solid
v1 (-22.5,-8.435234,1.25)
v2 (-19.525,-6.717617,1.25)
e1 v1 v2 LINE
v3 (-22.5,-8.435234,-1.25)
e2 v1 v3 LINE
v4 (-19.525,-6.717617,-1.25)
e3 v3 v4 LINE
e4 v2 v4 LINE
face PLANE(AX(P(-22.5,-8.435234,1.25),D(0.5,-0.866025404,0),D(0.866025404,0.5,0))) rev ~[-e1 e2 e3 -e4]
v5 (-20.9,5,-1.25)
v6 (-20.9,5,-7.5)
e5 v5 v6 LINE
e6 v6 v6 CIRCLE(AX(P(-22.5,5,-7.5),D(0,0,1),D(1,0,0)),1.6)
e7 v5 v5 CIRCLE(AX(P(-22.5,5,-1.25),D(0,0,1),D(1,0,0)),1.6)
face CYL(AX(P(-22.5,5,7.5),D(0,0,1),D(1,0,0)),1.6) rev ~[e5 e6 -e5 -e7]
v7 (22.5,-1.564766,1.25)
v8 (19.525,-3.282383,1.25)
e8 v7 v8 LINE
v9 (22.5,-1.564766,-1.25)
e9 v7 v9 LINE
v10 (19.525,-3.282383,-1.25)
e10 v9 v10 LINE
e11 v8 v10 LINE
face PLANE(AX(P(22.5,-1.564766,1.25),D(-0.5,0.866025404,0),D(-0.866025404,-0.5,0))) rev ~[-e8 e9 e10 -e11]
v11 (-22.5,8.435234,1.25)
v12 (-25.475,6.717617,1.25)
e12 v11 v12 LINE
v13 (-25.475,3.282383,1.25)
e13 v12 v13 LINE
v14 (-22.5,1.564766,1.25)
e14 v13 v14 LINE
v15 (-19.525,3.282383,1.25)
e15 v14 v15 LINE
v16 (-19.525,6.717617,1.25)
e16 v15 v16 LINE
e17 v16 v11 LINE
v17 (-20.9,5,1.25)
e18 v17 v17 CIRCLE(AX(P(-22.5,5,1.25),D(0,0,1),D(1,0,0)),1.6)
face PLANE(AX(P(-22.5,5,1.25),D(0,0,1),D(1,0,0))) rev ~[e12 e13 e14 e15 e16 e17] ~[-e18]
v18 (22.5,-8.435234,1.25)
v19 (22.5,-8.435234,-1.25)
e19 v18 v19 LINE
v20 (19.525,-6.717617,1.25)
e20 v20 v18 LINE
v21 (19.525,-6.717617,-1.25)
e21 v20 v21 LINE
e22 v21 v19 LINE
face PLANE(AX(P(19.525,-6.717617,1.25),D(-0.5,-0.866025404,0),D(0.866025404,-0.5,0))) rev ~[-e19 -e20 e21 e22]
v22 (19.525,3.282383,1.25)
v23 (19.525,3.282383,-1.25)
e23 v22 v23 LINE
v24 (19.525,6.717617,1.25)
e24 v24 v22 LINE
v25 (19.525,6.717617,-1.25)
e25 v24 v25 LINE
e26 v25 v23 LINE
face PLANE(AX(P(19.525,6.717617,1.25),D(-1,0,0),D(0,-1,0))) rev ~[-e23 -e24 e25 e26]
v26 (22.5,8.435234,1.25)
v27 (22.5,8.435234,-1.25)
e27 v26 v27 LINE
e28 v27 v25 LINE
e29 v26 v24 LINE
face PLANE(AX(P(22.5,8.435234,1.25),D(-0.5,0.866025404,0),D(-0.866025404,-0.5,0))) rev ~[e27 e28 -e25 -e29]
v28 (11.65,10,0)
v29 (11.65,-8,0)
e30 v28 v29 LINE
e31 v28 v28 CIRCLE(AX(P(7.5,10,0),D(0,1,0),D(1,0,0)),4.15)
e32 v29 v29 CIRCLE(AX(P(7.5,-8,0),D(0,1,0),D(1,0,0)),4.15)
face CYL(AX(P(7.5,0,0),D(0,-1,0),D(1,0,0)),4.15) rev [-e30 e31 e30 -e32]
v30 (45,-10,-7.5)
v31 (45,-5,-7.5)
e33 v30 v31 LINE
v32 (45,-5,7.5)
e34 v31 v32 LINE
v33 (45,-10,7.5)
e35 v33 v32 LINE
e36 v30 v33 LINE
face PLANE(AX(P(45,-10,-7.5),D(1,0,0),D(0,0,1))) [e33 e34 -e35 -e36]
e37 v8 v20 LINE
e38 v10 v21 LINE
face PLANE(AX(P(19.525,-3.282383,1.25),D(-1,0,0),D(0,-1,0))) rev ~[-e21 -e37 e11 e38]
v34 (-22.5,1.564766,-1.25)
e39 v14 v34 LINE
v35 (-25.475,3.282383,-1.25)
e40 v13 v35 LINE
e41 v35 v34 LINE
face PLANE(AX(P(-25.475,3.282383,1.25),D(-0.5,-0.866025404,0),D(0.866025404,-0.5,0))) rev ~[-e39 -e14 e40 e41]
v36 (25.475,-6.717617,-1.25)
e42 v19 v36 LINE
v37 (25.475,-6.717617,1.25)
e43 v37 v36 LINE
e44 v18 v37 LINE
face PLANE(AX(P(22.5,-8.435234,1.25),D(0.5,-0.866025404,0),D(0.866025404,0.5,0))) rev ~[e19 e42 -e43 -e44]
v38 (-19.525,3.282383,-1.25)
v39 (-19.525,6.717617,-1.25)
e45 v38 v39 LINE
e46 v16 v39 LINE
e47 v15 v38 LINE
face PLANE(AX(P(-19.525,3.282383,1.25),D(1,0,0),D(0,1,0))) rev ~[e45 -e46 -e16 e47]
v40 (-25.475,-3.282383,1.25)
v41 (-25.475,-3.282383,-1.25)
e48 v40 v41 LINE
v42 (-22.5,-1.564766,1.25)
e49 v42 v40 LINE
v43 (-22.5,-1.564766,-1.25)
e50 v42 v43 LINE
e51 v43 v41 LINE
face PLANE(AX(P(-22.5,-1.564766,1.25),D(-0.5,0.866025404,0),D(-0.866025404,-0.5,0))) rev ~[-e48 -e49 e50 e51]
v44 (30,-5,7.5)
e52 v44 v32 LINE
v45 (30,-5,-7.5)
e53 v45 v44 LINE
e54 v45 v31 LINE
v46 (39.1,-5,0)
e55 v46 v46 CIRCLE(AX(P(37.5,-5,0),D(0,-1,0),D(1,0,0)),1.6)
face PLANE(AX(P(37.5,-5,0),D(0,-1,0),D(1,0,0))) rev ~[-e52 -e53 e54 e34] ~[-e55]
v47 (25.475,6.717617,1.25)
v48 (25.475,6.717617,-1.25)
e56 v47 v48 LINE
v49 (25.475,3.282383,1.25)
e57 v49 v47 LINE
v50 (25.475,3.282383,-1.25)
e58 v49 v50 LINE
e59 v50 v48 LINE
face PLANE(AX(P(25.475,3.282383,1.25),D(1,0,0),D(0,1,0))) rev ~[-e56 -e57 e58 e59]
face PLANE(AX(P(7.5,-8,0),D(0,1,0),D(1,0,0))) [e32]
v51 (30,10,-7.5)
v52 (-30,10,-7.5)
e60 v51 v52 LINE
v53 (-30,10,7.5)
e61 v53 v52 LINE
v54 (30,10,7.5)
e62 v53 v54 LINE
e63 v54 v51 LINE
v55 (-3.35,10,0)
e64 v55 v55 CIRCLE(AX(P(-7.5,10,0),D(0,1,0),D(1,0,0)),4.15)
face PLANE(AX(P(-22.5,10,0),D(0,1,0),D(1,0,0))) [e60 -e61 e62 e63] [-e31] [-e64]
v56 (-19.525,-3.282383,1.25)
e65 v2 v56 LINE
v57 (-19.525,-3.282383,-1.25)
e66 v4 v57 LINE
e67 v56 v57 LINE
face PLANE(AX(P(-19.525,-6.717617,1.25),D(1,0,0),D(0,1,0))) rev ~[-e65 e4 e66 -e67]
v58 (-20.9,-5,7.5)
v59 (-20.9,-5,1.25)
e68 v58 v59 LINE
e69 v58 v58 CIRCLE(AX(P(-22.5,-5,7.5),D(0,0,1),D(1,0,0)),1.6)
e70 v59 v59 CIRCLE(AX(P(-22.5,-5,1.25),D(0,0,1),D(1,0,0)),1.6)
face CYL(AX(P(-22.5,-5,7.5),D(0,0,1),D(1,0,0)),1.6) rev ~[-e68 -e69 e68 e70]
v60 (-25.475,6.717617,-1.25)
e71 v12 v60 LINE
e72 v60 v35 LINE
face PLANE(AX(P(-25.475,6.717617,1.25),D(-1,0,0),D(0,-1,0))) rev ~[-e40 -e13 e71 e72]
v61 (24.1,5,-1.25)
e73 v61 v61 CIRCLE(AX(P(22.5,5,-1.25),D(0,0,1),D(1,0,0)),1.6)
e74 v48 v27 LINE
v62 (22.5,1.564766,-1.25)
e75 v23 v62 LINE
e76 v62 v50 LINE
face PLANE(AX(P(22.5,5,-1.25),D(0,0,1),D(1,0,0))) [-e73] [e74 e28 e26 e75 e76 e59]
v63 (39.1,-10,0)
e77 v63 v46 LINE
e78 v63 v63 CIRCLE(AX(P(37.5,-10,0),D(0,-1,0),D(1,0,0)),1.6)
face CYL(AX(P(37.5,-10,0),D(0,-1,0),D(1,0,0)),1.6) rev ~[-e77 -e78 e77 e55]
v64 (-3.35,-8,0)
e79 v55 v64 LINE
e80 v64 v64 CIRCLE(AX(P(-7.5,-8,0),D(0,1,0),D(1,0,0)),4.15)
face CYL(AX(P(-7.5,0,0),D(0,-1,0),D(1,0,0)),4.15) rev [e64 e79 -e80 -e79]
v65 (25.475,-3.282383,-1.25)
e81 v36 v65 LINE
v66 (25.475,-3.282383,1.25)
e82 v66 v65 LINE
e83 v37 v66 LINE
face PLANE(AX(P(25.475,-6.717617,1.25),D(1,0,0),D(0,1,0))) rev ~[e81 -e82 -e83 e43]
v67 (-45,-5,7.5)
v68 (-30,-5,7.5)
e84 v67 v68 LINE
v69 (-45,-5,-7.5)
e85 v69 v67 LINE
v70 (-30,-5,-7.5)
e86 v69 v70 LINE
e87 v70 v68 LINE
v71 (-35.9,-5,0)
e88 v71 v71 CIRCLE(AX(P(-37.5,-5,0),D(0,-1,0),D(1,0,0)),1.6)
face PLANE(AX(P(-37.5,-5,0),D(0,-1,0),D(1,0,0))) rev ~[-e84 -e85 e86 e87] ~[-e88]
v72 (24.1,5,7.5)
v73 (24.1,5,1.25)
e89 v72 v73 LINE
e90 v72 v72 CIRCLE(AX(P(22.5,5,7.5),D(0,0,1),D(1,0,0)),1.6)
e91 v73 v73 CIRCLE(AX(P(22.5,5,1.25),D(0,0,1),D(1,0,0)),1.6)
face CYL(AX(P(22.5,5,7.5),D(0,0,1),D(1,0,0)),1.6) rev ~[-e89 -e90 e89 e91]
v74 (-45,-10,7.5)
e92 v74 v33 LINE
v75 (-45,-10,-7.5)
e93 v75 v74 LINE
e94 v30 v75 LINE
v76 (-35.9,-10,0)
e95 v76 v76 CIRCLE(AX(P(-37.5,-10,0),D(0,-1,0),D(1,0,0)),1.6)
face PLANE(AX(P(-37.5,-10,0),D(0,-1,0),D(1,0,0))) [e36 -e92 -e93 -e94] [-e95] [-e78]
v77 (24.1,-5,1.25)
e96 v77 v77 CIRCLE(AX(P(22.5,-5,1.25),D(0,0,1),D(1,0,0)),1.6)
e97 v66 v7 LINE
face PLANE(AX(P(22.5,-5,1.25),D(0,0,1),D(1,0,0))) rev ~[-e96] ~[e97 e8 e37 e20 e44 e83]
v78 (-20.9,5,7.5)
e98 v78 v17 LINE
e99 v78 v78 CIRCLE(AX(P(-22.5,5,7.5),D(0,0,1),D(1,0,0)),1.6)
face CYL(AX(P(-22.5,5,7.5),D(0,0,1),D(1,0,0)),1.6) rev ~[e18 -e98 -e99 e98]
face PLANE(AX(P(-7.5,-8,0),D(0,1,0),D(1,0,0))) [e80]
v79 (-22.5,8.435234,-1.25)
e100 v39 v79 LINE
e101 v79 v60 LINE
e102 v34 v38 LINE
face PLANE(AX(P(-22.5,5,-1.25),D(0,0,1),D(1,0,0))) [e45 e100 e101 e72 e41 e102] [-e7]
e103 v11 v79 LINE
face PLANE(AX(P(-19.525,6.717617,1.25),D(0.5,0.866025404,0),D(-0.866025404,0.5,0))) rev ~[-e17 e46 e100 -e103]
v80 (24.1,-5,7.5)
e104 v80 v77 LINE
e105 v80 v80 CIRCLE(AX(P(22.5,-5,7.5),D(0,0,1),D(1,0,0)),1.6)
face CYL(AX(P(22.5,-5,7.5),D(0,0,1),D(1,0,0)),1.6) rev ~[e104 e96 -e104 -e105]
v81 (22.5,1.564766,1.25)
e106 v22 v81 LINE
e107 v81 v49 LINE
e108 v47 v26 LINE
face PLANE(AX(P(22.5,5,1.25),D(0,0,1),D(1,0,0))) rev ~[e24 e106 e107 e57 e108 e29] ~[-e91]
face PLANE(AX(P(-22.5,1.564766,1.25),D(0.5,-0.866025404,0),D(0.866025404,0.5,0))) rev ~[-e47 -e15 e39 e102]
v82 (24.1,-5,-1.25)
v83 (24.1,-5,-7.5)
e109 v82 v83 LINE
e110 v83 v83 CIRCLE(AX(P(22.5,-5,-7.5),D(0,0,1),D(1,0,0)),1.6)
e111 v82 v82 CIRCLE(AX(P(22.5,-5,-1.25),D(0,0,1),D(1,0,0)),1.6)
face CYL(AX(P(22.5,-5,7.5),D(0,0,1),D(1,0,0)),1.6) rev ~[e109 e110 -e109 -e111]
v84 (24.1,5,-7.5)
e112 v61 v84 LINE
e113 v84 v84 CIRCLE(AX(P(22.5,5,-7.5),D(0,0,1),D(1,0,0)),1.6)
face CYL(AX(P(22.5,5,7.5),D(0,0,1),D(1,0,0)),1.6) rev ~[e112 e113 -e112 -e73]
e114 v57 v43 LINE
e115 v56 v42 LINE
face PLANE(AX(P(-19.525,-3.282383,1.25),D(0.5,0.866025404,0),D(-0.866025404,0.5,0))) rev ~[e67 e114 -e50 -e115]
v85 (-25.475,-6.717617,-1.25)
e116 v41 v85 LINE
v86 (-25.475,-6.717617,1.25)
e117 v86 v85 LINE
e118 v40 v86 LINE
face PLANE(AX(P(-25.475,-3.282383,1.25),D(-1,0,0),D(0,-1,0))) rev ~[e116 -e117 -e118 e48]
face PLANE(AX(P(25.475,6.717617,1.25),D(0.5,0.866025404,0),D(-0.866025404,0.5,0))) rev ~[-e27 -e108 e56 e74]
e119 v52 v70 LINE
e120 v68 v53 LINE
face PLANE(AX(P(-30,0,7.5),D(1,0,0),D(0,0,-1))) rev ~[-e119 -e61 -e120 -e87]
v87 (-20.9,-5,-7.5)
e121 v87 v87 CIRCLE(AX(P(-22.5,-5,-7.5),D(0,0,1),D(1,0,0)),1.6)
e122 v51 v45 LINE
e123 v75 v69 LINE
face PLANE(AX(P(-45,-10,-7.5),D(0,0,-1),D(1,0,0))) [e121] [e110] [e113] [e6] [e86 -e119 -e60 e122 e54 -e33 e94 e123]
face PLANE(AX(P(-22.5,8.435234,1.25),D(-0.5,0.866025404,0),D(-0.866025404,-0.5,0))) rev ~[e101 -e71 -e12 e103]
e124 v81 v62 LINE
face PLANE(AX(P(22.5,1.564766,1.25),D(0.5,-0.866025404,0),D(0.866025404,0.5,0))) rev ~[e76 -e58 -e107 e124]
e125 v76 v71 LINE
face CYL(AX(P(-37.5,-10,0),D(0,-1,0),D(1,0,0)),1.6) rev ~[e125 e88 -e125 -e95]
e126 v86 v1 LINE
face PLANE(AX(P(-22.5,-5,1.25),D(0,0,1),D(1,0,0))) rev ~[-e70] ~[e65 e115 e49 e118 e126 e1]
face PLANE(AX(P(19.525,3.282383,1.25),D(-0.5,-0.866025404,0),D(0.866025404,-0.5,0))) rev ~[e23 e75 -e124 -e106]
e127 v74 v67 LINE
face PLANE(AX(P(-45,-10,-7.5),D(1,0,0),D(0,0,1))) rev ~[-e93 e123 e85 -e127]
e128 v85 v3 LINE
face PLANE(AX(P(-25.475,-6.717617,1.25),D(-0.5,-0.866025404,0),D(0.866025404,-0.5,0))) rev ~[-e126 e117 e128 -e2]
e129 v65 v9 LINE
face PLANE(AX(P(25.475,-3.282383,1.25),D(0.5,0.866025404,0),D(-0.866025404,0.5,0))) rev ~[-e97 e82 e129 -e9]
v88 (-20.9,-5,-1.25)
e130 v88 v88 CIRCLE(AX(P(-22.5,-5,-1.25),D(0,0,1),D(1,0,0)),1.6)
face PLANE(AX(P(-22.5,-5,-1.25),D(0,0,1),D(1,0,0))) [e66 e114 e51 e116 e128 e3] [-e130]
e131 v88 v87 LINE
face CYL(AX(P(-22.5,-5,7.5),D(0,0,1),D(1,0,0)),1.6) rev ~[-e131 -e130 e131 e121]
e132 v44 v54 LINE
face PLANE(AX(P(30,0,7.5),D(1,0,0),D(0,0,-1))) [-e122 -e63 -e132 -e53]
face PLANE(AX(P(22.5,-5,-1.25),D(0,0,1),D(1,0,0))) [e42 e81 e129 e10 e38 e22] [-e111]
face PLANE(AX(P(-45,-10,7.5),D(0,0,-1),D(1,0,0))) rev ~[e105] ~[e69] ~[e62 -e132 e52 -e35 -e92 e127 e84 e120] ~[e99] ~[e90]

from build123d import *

# Parameters (mm, degrees)
SKETCH2_W           = 60
SKETCH2_H           = 15
SKETCH2_R           = 4.15
BOSS_EXTRUDE1_DEPTH = 10
SKETCH2_3_W         = 60
SKETCH2_3_H         = 15
BOSS_EXTRUDE2_DEPTH = 10
SKETCH4_R           = 1.6
CUT_EXTRUDE1_DEPTH  = 36
CUT_EXTRUDE2_START  = -6.25
SKETCH4_3_R         = 1.6
CUT_EXTRUDE2_DEPTH  = 2.5
SKETCH5_W           = 15
SKETCH5_H           = 15
BOSS_EXTRUDE3_DEPTH = 5
CUT_EXTRUDE3_REACH  = 51.812
SKETCH6_R           = 1.6
CUT_EXTRUDE4_START  = -8
SKETCH7_R           = 4.15
CUT_EXTRUDE4_DEPTH  = 8


with BuildPart() as part:
    # Sketch2 → Boss-Extrude1 (new body)
    with BuildSketch(Plane(origin=(0, 0, 0), x_dir=(1, 0, 0), z_dir=(0, 1, 0))):
        Rectangle(SKETCH2_W, SKETCH2_H)
        with Locations((-7.5, 0)):
            Circle(SKETCH2_R, mode=Mode.SUBTRACT)
        with Locations((7.5, 0)):
            Circle(SKETCH2_R, mode=Mode.SUBTRACT)
    extrude(amount=BOSS_EXTRUDE1_DEPTH)

    # Sketch2<3> → Boss-Extrude2 (add)
    with BuildSketch(Plane(origin=(0, 0, 0), x_dir=(1, 0, 0), z_dir=(0, 1, 0))):
        Rectangle(SKETCH2_3_W, SKETCH2_3_H)
    extrude(amount=-BOSS_EXTRUDE2_DEPTH)

    # Sketch4 → Cut-Extrude1 (cut, through all)
    with BuildSketch(Plane.XY.offset(7.5)):
        with Locations((22.5, 5)):
            Circle(SKETCH4_R)
        with Locations((22.5, -5)):
            Circle(SKETCH4_R)
        with Locations((-22.5, -5)):
            Circle(SKETCH4_R)
        with Locations((-22.5, 5)):
            Circle(SKETCH4_R)
    extrude(amount=-CUT_EXTRUDE1_DEPTH, mode=Mode.SUBTRACT)

    # Sketch4<3> → Cut-Extrude2 (cut)
    # profile 1 of 4: a face of its own
    with BuildSketch(Plane.XY.offset(7.5).offset(CUT_EXTRUDE2_START)):
        Polygon((-22.5, 8.435234102), (-25.475, 6.717617051), (-25.475, 3.282382949), (-22.5, 1.564765898), (-19.525, 3.282382949), (-19.525, 6.717617051), align=None)
        with Locations((-22.5, 5)):
            Circle(SKETCH4_3_R, mode=Mode.SUBTRACT)
    # profile 2 of 4: a face of its own
    with BuildSketch(Plane.XY.offset(7.5).offset(CUT_EXTRUDE2_START)):
        Polygon((22.5, 8.435234102), (19.525, 6.717617051), (19.525, 3.282382949), (22.5, 1.564765898), (25.475, 3.282382949), (25.475, 6.717617051), align=None)
        with Locations((22.5, 5)):
            Circle(SKETCH4_3_R, mode=Mode.SUBTRACT)
    # profile 3 of 4: a face of its own
    with BuildSketch(Plane.XY.offset(7.5).offset(CUT_EXTRUDE2_START)):
        Polygon((-22.5, -8.435234102), (-19.525, -6.717617051), (-19.525, -3.282382949), (-22.5, -1.564765898), (-25.475, -3.282382949), (-25.475, -6.717617051), align=None)
        with Locations((-22.5, -5)):
            Circle(SKETCH4_3_R, mode=Mode.SUBTRACT)
    # profile 4 of 4: a face of its own
    with BuildSketch(Plane.XY.offset(7.5).offset(CUT_EXTRUDE2_START)):
        Polygon((22.5, -8.435234102), (25.475, -6.717617051), (25.475, -3.282382949), (22.5, -1.564765898), (19.525, -3.282382949), (19.525, -6.717617051), align=None)
        with Locations((22.5, -5)):
            Circle(SKETCH4_3_R, mode=Mode.SUBTRACT)
    extrude(amount=-CUT_EXTRUDE2_DEPTH, mode=Mode.SUBTRACT)

    # Sketch5 → Boss-Extrude3 (add)
    with BuildSketch(Plane.XZ.offset(10)):
        with Locations((-37.5, 0)):
            Rectangle(SKETCH5_W, SKETCH5_H)
        with Locations((37.5, 0)):
            Rectangle(SKETCH5_W, SKETCH5_H)
    extrude(amount=-BOSS_EXTRUDE3_DEPTH)

    # Sketch6 → Cut-Extrude3 (cut, up to next)
    with BuildSketch(Plane.XZ.offset(10), mode=Mode.PRIVATE) as cut_extrude3_sk1:
        with Locations((-37.5, 0)):
            Circle(SKETCH6_R)
    cut_extrude3_tool1 = extrude(cut_extrude3_sk1.sketch, amount=-CUT_EXTRUDE3_REACH, mode=Mode.PRIVATE) & part.part
    # Sketch6 → Cut-Extrude3 (cut, up to next)
    with BuildSketch(Plane.XZ.offset(10), mode=Mode.PRIVATE) as cut_extrude3_sk2:
        with Locations((37.5, 0)):
            Circle(SKETCH6_R)
    cut_extrude3_tool2 = extrude(cut_extrude3_sk2.sketch, amount=-CUT_EXTRUDE3_REACH, mode=Mode.PRIVATE) & part.part
    add(cut_extrude3_tool1.solids().sort_by_distance((-37.5, -10, 0))[0], mode=Mode.SUBTRACT)
    add(cut_extrude3_tool2.solids().sort_by_distance((37.5, -10, 0))[0], mode=Mode.SUBTRACT)

    # Sketch7 → Cut-Extrude4 (cut)
    with BuildSketch(Plane(origin=(0, 0, 0), x_dir=(1, 0, 0), z_dir=(0, 1, 0)).offset(CUT_EXTRUDE4_START)):
        with Locations((-7.5, 0)):
            Circle(SKETCH7_R)
        with Locations((7.5, 0)):
            Circle(SKETCH7_R)
    extrude(amount=CUT_EXTRUDE4_DEPTH, mode=Mode.SUBTRACT)


solid = part.part
